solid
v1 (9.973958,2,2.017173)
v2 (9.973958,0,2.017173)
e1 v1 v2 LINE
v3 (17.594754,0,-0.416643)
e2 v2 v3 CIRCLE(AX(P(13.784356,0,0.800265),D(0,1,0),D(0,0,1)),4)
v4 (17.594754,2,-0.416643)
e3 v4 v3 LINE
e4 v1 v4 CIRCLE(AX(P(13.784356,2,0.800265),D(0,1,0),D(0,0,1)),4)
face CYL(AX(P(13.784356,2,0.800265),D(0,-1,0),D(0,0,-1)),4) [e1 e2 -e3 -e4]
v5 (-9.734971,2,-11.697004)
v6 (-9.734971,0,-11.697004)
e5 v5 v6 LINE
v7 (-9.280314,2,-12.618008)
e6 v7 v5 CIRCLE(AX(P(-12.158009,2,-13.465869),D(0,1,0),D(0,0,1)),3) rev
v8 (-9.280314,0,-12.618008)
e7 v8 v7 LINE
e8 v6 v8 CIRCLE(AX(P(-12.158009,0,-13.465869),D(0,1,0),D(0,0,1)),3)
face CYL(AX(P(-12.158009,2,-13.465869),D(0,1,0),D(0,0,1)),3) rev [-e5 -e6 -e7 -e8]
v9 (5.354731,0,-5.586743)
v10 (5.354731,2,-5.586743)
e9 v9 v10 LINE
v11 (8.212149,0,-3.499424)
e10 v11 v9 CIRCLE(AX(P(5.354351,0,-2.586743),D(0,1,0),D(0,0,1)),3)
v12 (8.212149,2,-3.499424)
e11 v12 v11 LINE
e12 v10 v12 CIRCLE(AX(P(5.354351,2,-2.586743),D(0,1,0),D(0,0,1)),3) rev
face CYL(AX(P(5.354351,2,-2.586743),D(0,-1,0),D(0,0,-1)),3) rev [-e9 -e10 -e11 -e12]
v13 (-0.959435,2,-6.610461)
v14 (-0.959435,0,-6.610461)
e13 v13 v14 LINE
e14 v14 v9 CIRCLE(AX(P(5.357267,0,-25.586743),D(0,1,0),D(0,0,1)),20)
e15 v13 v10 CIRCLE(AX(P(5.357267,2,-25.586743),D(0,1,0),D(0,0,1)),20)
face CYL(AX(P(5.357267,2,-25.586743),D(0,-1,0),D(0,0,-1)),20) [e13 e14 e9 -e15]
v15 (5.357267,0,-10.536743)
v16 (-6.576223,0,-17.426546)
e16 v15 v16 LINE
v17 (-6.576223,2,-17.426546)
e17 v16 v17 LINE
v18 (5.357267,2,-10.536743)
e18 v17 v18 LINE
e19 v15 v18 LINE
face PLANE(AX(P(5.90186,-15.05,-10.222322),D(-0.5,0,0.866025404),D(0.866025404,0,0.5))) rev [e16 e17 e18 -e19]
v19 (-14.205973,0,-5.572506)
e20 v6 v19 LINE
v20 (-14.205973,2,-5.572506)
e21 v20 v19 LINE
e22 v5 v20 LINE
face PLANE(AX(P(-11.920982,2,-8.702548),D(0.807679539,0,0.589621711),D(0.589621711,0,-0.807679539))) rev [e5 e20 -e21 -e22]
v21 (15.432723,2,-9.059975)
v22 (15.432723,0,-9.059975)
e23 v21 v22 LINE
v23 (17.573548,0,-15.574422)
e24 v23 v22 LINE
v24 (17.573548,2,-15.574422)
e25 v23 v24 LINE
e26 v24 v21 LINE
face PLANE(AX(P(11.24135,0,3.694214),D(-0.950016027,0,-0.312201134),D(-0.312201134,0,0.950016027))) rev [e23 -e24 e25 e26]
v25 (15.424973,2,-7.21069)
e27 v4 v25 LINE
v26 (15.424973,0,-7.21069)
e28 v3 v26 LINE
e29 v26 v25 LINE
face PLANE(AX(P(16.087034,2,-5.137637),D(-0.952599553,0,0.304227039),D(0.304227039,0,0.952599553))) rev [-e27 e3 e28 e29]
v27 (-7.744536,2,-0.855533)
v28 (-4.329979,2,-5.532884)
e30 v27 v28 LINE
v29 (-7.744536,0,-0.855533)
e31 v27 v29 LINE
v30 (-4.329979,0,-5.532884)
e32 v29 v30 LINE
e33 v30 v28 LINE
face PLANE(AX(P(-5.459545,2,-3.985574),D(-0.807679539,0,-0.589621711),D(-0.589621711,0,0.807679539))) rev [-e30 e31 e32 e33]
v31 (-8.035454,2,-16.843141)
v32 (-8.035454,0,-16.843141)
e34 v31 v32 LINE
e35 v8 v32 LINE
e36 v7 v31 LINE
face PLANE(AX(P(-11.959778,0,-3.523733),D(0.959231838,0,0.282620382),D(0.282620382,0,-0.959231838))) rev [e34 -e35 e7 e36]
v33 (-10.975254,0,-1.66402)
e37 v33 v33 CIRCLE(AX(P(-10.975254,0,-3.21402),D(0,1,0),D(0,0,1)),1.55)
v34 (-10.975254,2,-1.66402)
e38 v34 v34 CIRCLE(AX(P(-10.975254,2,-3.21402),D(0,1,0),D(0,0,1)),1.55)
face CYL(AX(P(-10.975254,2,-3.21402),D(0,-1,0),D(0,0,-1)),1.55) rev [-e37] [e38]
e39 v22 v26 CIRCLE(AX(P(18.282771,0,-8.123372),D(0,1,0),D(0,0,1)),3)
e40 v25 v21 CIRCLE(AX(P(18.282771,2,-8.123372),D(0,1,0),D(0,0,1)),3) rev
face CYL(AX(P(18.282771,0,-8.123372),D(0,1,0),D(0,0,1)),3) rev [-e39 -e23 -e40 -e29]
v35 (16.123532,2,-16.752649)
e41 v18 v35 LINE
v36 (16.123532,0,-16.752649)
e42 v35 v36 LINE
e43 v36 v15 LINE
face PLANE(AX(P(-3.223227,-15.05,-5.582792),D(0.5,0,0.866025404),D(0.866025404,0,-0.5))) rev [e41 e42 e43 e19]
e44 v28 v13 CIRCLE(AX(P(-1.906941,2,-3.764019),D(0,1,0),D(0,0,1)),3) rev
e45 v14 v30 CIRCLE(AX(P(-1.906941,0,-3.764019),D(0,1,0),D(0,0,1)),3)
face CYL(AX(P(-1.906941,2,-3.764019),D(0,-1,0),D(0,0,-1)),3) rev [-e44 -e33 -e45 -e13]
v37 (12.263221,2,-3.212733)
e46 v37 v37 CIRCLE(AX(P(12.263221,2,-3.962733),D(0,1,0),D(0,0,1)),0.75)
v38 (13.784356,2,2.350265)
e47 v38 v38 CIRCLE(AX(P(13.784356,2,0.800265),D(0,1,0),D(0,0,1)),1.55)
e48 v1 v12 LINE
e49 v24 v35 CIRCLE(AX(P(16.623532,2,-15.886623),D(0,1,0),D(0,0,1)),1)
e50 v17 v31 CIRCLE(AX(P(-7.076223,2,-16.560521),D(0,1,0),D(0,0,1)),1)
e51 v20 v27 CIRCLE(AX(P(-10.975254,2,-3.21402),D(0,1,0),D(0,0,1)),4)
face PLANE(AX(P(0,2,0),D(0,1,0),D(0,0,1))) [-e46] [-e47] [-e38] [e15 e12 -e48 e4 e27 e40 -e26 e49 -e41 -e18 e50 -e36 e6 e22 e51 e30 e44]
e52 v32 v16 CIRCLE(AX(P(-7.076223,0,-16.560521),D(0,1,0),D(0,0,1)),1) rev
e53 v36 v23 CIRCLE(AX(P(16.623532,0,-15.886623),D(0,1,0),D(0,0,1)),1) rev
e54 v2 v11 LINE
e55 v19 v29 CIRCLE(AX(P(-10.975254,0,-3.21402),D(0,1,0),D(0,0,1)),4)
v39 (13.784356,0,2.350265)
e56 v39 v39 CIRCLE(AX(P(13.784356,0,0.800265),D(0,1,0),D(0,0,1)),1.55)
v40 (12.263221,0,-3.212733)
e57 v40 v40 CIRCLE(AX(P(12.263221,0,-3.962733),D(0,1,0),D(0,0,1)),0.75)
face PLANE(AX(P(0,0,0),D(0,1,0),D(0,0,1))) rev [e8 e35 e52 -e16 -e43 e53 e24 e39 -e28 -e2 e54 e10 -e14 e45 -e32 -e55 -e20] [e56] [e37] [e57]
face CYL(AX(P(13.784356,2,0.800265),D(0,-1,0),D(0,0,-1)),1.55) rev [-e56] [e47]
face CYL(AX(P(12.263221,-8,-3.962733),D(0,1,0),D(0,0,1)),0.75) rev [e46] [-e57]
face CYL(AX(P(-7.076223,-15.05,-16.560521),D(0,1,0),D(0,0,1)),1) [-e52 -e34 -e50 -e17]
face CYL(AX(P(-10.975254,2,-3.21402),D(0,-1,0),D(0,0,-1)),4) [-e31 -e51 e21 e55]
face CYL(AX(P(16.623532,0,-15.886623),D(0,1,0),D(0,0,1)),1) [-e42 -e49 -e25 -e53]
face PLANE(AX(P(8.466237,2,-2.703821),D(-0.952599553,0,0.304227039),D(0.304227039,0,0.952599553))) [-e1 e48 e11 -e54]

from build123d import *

# Parameters (mm, degrees)
SKETCH_1_R          = 1.55
EXTRUDE_1_DEPTH     = 2
CUT_EXTRUDE_2_DEPTH = 33.018928501
EXTRUDE_START       = -2
EXTRUDE_3_DEPTH     = 2
FILLET_1_R          = 3
FILLET_2_R          = 1
SKETCH_5_R          = 0.75
CUT_EXTRUDE_3_DEPTH = 10


with BuildPart() as part:
    # 草图1 → 凸台-拉伸1 (new body)
    with BuildSketch(Plane(origin=(0, 0, 0), x_dir=(1, 0, 0), z_dir=(0, 1, 0))):
        with BuildLine():
            Line((-9.427629845, 12.118007633), (-14.205972572, 5.57250637))
            ThreePointArc((-14.205972572, 5.57250637), (-13.333741258, -0.01669863), (-7.744536258, 0.855532684))
            Line((-7.744536258, 0.855532684), (-2.966193531, 7.401033946))
            ThreePointArc((-2.966193531, 7.401033946), (2.156455687, 5.844533995), (7.508476858, 5.702771934))
            Line((7.508476858, 5.702771934), (9.973957748, -2.017173013))
            ThreePointArc((9.973957748, -2.017173013), (15.001264118, -4.610663069), (17.594754173, 0.416643301))
            Line((17.594754173, 0.416643301), (15.129273283, 8.136588247))
            Line((15.129273283, 8.136588247), (19.53886034, 20.548398832))
            ThreePointArc((19.53886034, 20.548398832), (2.94865648, 10.730730666), (-9.689752685, 25.287244194))
            Line((-9.689752685, 25.287244194), (-9.427629845, 12.118007633))
        make_face()
        with Locations(Location((13.784355961, -0.800264856, 0), (0, 0, 270))):
            Circle(SKETCH_1_R, mode=Mode.SUBTRACT)
        with Locations(Location((-10.975254415, 3.214019527, 0), (0, 0, 270))):
            Circle(SKETCH_1_R, mode=Mode.SUBTRACT)
    extrude(amount=EXTRUDE_1_DEPTH)

    # 草图4 → 切除-拉伸2 (cut, through all)
    with BuildSketch(Plane(origin=(0, 2, 0), x_dir=(1, 0, 0), z_dir=(0, 1, 0))):
        with BuildLine():
            Line((-9.427629845, 12.118007633), (-7.676415353, 18.061742765))
            ThreePointArc((-7.676415353, 18.061742765), (-9.140437111, 21.54705512), (-9.689752685, 25.287244194))
            Line((-9.689752685, 25.287244194), (-9.427629845, 12.118007633))
        make_face()
        with BuildLine():
            ThreePointArc((19.53886034, 20.548398832), (19.021588119, 19.278904179), (18.3909493, 18.061742765))
            Line((18.3909493, 18.061742765), (15.129273283, 8.136588247))
            Line((15.129273283, 8.136588247), (19.53886034, 20.548398832))
        make_face()
    extrude(amount=-CUT_EXTRUDE_2_DEPTH, mode=Mode.SUBTRACT)

    # 草图4<3> → 凸台-拉伸3 (add)
    with BuildSketch(Plane(origin=(0, 2, 0), x_dir=(1, 0, 0), z_dir=(0, 1, 0)).offset(EXTRUDE_START)):
        with BuildLine():
            ThreePointArc((-7.676415353, 18.061742765), (-2.167733027, 12.553060438), (5.357266973, 10.536742765))
            Line((5.357266973, 10.536742765), (-7.676415353, 18.061742765))
        make_face()
        with BuildLine():
            ThreePointArc((5.357266973, 10.536742765), (12.882266973, 12.553060438), (18.3909493, 18.061742765))
            Line((18.3909493, 18.061742765), (5.357266973, 10.536742765))
        make_face()
    extrude(amount=EXTRUDE_3_DEPTH)

    # 圆角1
    fillet_1_edges = [part.edges().sort_by_distance(p)[0] for p in [
        (-9.427629845, 1, -12.118007633),
        (15.129273283, 1, -8.136588247),
        (7.508476858, 1, -5.702771934),
        (-2.966193531, 1, -7.401033946),
    ]]
    fillet(fillet_1_edges, radius=FILLET_1_R)

    # 圆角2
    fillet_2_edges = [part.edges().sort_by_distance(p)[0] for p in [
        (-7.676415353, 1, -18.061742765),
        (18.3909493, 1, -18.061742765),
    ]]
    fillet(fillet_2_edges, radius=FILLET_2_R)

    # 草图5 → 切除-拉伸3 (cut)
    with BuildSketch(Plane(origin=(0, 2, 0), x_dir=(1, 0, 0), z_dir=(0, 1, 0))):
        with Locations(Location((12.263220764, 3.962732909, 0), (0, 0, 270))):
            Circle(SKETCH_5_R)
    extrude(amount=-CUT_EXTRUDE_3_DEPTH, mode=Mode.SUBTRACT)


solid = part.part
